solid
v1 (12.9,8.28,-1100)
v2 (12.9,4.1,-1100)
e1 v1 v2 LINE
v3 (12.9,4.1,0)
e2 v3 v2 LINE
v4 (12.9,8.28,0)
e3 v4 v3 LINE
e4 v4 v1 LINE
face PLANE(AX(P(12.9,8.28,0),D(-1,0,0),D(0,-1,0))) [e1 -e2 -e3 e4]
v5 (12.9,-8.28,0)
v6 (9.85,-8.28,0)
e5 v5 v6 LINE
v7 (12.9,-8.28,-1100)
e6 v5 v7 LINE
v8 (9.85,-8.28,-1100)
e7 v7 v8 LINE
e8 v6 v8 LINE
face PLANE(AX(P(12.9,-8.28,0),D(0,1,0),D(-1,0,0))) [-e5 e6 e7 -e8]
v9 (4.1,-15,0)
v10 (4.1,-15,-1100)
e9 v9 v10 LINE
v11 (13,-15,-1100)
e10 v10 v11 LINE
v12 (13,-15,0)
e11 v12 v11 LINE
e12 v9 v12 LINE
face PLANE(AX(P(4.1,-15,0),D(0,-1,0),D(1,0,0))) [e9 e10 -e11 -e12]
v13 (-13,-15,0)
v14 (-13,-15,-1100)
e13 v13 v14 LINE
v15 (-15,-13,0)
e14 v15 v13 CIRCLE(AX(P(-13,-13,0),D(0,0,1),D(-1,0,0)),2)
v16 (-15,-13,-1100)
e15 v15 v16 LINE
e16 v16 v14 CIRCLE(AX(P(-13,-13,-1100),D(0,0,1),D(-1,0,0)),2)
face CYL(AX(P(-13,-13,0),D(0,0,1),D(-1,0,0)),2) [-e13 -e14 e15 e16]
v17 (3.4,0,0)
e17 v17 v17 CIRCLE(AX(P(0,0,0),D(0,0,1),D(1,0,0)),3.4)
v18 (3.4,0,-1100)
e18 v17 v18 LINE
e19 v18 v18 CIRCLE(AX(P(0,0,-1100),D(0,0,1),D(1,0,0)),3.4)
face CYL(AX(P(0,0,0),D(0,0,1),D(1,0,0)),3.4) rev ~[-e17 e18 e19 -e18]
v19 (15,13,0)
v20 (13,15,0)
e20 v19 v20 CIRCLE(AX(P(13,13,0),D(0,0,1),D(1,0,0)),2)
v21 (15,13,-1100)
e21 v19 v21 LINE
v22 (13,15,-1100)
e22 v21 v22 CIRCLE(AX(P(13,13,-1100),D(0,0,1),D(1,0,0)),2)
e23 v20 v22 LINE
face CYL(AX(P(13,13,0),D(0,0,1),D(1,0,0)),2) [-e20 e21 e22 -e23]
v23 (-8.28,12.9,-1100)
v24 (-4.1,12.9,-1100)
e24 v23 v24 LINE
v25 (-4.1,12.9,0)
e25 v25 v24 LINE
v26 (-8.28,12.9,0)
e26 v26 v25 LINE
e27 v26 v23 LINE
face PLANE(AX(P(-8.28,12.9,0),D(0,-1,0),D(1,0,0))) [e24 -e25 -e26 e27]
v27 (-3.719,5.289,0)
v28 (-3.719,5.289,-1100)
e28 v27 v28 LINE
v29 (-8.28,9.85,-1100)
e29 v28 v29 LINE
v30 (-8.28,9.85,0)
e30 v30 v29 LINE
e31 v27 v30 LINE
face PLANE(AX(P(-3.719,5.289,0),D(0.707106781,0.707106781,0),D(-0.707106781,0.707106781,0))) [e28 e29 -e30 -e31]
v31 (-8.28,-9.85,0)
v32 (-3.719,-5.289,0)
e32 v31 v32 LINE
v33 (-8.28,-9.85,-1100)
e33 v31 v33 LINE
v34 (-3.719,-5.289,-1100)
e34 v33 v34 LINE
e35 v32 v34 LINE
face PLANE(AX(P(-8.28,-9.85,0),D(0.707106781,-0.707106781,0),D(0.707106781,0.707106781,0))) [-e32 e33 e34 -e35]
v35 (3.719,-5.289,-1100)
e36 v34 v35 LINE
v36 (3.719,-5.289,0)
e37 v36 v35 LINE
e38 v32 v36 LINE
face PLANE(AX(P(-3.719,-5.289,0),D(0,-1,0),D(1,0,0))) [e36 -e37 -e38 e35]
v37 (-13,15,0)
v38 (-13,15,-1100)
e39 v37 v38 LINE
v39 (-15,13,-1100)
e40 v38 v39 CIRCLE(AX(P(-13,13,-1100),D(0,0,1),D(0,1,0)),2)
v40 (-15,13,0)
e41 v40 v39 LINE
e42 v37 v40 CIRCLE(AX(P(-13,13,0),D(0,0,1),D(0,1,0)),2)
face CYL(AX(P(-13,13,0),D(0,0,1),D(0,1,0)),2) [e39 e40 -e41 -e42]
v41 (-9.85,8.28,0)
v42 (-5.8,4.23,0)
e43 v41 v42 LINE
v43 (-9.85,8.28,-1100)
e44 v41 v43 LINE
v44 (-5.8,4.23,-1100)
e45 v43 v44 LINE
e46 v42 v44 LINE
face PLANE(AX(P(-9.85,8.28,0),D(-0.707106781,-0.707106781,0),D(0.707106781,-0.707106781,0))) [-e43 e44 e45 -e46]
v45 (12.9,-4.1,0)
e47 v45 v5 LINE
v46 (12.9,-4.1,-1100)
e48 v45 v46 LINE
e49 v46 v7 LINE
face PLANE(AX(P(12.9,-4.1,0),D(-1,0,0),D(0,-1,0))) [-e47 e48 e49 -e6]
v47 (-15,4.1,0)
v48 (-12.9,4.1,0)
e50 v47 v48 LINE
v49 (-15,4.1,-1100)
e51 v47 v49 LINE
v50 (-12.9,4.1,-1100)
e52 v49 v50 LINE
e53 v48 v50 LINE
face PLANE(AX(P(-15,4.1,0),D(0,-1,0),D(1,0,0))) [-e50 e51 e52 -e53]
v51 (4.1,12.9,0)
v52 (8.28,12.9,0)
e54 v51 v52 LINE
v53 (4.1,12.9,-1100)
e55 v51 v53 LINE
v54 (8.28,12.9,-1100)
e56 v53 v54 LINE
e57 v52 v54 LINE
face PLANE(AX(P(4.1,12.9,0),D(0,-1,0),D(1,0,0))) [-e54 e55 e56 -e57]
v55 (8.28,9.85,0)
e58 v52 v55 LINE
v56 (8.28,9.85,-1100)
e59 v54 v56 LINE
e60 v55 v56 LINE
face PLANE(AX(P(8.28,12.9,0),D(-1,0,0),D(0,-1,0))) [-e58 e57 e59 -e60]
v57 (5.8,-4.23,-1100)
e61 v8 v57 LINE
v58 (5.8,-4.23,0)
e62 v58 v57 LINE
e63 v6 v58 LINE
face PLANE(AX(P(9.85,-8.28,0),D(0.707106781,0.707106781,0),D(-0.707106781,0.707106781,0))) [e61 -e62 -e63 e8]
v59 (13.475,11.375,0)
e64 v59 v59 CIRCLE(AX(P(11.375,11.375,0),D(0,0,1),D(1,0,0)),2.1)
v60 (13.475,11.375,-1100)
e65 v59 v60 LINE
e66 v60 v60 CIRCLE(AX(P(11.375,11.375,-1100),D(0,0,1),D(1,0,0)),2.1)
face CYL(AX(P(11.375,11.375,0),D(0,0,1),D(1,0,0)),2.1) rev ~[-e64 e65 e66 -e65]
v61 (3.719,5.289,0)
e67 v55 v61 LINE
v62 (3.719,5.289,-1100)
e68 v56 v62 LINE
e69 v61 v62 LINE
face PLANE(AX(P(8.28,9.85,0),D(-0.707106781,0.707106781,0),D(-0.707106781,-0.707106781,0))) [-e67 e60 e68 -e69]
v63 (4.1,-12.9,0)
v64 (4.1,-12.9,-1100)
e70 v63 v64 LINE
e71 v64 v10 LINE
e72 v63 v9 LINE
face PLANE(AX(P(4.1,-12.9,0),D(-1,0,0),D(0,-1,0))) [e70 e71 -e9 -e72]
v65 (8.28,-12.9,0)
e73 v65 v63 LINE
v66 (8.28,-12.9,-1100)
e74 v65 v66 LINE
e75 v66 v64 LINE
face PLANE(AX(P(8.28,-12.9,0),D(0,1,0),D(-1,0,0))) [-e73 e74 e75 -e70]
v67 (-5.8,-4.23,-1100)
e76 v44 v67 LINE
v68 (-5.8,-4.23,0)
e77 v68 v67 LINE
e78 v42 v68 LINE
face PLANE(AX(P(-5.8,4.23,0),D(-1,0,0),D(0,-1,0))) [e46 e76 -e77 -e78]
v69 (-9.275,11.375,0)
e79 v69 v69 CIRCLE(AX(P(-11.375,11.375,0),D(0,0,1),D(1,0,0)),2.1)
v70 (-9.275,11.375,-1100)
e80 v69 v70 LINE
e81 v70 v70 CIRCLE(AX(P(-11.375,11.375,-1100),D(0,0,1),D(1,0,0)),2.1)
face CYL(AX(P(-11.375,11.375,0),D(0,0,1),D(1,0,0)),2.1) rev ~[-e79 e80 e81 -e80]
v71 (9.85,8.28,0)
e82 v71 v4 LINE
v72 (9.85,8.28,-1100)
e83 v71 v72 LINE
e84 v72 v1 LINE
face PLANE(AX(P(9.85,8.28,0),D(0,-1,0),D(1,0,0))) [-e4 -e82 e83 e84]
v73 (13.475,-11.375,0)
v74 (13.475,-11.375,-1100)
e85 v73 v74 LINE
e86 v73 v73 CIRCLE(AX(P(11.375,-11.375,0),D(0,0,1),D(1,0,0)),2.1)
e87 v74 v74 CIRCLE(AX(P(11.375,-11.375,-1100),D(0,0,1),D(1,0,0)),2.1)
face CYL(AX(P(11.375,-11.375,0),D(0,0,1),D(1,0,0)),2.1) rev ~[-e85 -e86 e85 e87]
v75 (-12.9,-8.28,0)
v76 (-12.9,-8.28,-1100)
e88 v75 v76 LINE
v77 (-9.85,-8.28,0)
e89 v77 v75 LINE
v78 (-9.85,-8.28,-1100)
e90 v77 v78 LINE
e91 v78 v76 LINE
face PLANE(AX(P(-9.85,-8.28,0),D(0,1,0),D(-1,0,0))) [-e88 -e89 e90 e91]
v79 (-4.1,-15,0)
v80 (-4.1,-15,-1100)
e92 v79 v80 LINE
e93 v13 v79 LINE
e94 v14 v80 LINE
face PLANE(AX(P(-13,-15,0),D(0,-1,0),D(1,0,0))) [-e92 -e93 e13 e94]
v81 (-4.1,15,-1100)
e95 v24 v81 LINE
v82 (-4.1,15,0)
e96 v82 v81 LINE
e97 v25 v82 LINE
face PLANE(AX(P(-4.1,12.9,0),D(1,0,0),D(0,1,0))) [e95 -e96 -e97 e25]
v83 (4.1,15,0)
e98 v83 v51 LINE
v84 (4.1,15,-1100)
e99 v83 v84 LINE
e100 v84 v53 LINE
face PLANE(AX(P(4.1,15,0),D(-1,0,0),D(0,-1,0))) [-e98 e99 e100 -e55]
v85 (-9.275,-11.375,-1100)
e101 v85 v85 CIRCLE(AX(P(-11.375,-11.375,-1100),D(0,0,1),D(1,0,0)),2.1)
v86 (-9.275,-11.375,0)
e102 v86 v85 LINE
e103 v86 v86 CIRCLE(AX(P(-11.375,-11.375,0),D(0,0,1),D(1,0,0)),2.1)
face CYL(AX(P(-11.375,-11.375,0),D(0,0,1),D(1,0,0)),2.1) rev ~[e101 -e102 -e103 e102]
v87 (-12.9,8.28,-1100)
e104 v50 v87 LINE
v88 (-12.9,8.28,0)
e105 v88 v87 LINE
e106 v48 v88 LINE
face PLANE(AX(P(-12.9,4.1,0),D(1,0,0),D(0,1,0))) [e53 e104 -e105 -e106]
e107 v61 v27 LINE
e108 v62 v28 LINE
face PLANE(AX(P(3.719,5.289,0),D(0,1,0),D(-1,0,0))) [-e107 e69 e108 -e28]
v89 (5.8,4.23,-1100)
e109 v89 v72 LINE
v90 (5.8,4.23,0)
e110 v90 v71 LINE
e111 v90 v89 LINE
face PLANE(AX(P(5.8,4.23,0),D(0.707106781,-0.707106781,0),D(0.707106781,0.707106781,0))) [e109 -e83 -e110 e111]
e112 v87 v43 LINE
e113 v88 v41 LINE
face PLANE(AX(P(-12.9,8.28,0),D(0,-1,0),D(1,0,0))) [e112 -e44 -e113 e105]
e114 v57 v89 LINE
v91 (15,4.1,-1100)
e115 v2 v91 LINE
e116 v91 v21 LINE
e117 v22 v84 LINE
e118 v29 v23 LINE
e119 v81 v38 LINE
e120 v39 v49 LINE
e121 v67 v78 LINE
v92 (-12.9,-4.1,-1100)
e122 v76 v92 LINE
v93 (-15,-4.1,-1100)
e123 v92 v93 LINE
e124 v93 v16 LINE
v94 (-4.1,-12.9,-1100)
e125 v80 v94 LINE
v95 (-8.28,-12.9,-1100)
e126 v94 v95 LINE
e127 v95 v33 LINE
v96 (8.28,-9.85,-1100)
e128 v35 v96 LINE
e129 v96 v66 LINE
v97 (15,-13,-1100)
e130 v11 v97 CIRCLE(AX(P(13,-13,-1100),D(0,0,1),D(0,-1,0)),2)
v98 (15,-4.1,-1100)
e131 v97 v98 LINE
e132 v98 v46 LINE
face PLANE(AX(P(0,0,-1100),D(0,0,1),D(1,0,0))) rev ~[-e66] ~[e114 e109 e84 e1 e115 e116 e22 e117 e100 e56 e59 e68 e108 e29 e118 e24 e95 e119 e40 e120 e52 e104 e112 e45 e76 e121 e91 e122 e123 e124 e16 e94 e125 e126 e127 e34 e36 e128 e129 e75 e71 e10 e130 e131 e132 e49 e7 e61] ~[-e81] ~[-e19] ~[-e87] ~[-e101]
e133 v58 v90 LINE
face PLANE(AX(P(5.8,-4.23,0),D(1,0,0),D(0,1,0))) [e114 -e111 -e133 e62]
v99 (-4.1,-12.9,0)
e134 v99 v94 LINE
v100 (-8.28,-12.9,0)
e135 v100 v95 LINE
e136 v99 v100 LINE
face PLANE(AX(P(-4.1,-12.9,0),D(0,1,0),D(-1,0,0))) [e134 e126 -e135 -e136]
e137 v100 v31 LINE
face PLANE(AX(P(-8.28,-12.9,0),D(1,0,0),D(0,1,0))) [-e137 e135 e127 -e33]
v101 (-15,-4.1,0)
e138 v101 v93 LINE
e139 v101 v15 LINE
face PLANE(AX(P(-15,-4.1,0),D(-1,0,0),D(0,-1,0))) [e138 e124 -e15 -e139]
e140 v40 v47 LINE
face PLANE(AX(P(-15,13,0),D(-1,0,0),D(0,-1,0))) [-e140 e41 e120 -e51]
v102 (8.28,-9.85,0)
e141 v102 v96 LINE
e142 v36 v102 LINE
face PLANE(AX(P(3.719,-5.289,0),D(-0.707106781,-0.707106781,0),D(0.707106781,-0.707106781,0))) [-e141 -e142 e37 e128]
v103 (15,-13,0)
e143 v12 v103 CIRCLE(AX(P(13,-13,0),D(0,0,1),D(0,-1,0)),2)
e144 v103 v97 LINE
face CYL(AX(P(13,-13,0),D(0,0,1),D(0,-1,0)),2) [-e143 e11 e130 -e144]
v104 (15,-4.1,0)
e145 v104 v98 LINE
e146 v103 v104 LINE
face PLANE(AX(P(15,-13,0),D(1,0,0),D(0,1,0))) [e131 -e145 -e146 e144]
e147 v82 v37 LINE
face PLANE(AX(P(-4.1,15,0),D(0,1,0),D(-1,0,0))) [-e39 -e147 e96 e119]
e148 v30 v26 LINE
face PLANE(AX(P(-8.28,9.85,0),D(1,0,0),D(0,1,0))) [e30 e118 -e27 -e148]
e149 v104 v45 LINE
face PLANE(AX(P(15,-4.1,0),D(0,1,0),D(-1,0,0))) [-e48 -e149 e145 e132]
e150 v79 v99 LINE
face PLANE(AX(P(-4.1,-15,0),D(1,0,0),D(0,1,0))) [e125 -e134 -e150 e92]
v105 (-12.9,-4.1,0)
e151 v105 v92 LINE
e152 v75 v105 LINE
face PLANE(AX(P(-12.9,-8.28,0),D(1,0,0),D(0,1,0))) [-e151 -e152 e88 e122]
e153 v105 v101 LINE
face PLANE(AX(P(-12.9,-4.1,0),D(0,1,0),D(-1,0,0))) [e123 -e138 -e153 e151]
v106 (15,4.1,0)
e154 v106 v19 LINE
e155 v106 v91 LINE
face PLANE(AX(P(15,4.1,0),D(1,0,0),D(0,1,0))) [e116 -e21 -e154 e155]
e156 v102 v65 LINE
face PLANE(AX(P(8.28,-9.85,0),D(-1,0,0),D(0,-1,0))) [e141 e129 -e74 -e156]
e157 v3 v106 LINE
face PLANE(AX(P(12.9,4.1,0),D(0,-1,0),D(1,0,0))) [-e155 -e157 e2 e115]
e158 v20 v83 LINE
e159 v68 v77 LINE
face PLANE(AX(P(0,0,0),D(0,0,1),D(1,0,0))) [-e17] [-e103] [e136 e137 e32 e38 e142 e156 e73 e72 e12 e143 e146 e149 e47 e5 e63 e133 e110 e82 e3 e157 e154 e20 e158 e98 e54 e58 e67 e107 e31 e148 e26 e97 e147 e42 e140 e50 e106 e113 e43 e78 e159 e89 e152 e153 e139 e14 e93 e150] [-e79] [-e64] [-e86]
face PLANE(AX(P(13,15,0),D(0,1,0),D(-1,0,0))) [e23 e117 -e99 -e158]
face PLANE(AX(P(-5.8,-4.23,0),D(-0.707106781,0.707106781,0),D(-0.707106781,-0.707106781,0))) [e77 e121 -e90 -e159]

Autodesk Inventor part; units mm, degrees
ref_plane "YZ Plane" through (0, 0, 0) normal (1, 0, 0) x (0, 1, 0)
ref_plane "XZ Plane" through (0, 0, 0) normal (0, 1, 0) x (-1, 0, 0)
ref_plane "XY Plane" through (0, 0, 0) normal (0, 0, 1) x (1, 0, 0)
sketch "Sketch1" plane through (0, 0, 0) normal (0, 0, 1) x (1, 0, 0)
  circle A0 centre (-11.375, 11.375) radius 2.1
  circle A1 centre (-11.375, -11.375) radius 2.1
  line L0 (-15, 4.1) -> (-12.9, 4.1)
  line L1 (-12.9, 4.1) -> (-12.9, 8.28)
  line L2 (-12.9, 8.28) -> (-9.85, 8.28)
  line L3 (-9.85, 8.28) -> (-5.8, 4.23)
  line L4 (-5.8, 4.23) -> (-5.8, -4.23)
  line L5 (-5.8, -4.23) -> (-9.85, -8.28)
  line L6 (-9.85, -8.28) -> (-12.9, -8.28)
  line L7 (-12.9, -8.28) -> (-12.9, -4.1)
  line L8 (-12.9, -4.1) -> (-15, -4.1)
  line L9 (-15, -4.1) -> (-15, -13)
  arc A2 (-15, -13) -> (-13, -15) centre (-13, -13) ccw
  line L10 (-13, -15) -> (-4.1, -15)
  line L11 (-4.1, -15) -> (-4.1, -12.9)
  line L12 (-4.1, -12.9) -> (-8.28, -12.9)
  line L13 (-8.28, -12.9) -> (-8.28, -9.85)
  line L14 (-8.28, -9.85) -> (-3.719, -5.289)
  line L15 (-3.719, -5.289) -> (3.719, -5.289)
  line L16 (3.719, -5.289) -> (8.28, -9.85)
  line L17 (8.28, -9.85) -> (8.28, -12.9)
  line L18 (8.28, -12.9) -> (4.1, -12.9)
  line L19 (4.1, -12.9) -> (4.1, -15)
  line L20 (4.1, -15) -> (13, -15)
  arc A3 (13, -15) -> (15, -13) centre (13, -13) ccw
  line L21 (15, -13) -> (15, -4.1)
  line L22 (15, -4.1) -> (12.9, -4.1)
  line L23 (12.9, -4.1) -> (12.9, -8.28)
  line L24 (12.9, -8.28) -> (9.85, -8.28)
  line L25 (9.85, -8.28) -> (5.8, -4.23)
  line L26 (5.8, -4.23) -> (5.8, 4.23)
  line L27 (5.8, 4.23) -> (9.85, 8.28)
  line L28 (9.85, 8.28) -> (12.9, 8.28)
  line L29 (12.9, 8.28) -> (12.9, 4.1)
  line L30 (12.9, 4.1) -> (15, 4.1)
  line L31 (15, 4.1) -> (15, 13)
  arc A4 (15, 13) -> (13, 15) centre (13, 13) ccw
  line L32 (13, 15) -> (4.1, 15)
  line L33 (4.1, 15) -> (4.1, 12.9)
  line L34 (4.1, 12.9) -> (8.28, 12.9)
  line L35 (8.28, 12.9) -> (8.28, 9.85)
  line L36 (8.28, 9.85) -> (3.719, 5.289)
  line L37 (3.719, 5.289) -> (-3.719, 5.289)
  line L38 (-3.719, 5.289) -> (-8.28, 9.85)
  line L39 (-8.28, 9.85) -> (-8.28, 12.9)
  line L40 (-8.28, 12.9) -> (-4.1, 12.9)
  line L41 (-4.1, 12.9) -> (-4.1, 15)
  line L42 (-4.1, 15) -> (-13, 15)
  arc A5 (-13, 15) -> (-15, 13) centre (-13, 13) ccw
  line L43 (-15, 13) -> (-15, 4.1)
  circle A6 centre (0, 0) radius 3.4
  circle A7 centre (11.375, 11.375) radius 2.1
  circle A8 centre (11.375, -11.375) radius 2.1
extrude "Extrusion1" add sketch "Sketch1" against normal blind 1100
properties part number "Metal Profile 110 cm" material "Aluminum 6061-AHC"
